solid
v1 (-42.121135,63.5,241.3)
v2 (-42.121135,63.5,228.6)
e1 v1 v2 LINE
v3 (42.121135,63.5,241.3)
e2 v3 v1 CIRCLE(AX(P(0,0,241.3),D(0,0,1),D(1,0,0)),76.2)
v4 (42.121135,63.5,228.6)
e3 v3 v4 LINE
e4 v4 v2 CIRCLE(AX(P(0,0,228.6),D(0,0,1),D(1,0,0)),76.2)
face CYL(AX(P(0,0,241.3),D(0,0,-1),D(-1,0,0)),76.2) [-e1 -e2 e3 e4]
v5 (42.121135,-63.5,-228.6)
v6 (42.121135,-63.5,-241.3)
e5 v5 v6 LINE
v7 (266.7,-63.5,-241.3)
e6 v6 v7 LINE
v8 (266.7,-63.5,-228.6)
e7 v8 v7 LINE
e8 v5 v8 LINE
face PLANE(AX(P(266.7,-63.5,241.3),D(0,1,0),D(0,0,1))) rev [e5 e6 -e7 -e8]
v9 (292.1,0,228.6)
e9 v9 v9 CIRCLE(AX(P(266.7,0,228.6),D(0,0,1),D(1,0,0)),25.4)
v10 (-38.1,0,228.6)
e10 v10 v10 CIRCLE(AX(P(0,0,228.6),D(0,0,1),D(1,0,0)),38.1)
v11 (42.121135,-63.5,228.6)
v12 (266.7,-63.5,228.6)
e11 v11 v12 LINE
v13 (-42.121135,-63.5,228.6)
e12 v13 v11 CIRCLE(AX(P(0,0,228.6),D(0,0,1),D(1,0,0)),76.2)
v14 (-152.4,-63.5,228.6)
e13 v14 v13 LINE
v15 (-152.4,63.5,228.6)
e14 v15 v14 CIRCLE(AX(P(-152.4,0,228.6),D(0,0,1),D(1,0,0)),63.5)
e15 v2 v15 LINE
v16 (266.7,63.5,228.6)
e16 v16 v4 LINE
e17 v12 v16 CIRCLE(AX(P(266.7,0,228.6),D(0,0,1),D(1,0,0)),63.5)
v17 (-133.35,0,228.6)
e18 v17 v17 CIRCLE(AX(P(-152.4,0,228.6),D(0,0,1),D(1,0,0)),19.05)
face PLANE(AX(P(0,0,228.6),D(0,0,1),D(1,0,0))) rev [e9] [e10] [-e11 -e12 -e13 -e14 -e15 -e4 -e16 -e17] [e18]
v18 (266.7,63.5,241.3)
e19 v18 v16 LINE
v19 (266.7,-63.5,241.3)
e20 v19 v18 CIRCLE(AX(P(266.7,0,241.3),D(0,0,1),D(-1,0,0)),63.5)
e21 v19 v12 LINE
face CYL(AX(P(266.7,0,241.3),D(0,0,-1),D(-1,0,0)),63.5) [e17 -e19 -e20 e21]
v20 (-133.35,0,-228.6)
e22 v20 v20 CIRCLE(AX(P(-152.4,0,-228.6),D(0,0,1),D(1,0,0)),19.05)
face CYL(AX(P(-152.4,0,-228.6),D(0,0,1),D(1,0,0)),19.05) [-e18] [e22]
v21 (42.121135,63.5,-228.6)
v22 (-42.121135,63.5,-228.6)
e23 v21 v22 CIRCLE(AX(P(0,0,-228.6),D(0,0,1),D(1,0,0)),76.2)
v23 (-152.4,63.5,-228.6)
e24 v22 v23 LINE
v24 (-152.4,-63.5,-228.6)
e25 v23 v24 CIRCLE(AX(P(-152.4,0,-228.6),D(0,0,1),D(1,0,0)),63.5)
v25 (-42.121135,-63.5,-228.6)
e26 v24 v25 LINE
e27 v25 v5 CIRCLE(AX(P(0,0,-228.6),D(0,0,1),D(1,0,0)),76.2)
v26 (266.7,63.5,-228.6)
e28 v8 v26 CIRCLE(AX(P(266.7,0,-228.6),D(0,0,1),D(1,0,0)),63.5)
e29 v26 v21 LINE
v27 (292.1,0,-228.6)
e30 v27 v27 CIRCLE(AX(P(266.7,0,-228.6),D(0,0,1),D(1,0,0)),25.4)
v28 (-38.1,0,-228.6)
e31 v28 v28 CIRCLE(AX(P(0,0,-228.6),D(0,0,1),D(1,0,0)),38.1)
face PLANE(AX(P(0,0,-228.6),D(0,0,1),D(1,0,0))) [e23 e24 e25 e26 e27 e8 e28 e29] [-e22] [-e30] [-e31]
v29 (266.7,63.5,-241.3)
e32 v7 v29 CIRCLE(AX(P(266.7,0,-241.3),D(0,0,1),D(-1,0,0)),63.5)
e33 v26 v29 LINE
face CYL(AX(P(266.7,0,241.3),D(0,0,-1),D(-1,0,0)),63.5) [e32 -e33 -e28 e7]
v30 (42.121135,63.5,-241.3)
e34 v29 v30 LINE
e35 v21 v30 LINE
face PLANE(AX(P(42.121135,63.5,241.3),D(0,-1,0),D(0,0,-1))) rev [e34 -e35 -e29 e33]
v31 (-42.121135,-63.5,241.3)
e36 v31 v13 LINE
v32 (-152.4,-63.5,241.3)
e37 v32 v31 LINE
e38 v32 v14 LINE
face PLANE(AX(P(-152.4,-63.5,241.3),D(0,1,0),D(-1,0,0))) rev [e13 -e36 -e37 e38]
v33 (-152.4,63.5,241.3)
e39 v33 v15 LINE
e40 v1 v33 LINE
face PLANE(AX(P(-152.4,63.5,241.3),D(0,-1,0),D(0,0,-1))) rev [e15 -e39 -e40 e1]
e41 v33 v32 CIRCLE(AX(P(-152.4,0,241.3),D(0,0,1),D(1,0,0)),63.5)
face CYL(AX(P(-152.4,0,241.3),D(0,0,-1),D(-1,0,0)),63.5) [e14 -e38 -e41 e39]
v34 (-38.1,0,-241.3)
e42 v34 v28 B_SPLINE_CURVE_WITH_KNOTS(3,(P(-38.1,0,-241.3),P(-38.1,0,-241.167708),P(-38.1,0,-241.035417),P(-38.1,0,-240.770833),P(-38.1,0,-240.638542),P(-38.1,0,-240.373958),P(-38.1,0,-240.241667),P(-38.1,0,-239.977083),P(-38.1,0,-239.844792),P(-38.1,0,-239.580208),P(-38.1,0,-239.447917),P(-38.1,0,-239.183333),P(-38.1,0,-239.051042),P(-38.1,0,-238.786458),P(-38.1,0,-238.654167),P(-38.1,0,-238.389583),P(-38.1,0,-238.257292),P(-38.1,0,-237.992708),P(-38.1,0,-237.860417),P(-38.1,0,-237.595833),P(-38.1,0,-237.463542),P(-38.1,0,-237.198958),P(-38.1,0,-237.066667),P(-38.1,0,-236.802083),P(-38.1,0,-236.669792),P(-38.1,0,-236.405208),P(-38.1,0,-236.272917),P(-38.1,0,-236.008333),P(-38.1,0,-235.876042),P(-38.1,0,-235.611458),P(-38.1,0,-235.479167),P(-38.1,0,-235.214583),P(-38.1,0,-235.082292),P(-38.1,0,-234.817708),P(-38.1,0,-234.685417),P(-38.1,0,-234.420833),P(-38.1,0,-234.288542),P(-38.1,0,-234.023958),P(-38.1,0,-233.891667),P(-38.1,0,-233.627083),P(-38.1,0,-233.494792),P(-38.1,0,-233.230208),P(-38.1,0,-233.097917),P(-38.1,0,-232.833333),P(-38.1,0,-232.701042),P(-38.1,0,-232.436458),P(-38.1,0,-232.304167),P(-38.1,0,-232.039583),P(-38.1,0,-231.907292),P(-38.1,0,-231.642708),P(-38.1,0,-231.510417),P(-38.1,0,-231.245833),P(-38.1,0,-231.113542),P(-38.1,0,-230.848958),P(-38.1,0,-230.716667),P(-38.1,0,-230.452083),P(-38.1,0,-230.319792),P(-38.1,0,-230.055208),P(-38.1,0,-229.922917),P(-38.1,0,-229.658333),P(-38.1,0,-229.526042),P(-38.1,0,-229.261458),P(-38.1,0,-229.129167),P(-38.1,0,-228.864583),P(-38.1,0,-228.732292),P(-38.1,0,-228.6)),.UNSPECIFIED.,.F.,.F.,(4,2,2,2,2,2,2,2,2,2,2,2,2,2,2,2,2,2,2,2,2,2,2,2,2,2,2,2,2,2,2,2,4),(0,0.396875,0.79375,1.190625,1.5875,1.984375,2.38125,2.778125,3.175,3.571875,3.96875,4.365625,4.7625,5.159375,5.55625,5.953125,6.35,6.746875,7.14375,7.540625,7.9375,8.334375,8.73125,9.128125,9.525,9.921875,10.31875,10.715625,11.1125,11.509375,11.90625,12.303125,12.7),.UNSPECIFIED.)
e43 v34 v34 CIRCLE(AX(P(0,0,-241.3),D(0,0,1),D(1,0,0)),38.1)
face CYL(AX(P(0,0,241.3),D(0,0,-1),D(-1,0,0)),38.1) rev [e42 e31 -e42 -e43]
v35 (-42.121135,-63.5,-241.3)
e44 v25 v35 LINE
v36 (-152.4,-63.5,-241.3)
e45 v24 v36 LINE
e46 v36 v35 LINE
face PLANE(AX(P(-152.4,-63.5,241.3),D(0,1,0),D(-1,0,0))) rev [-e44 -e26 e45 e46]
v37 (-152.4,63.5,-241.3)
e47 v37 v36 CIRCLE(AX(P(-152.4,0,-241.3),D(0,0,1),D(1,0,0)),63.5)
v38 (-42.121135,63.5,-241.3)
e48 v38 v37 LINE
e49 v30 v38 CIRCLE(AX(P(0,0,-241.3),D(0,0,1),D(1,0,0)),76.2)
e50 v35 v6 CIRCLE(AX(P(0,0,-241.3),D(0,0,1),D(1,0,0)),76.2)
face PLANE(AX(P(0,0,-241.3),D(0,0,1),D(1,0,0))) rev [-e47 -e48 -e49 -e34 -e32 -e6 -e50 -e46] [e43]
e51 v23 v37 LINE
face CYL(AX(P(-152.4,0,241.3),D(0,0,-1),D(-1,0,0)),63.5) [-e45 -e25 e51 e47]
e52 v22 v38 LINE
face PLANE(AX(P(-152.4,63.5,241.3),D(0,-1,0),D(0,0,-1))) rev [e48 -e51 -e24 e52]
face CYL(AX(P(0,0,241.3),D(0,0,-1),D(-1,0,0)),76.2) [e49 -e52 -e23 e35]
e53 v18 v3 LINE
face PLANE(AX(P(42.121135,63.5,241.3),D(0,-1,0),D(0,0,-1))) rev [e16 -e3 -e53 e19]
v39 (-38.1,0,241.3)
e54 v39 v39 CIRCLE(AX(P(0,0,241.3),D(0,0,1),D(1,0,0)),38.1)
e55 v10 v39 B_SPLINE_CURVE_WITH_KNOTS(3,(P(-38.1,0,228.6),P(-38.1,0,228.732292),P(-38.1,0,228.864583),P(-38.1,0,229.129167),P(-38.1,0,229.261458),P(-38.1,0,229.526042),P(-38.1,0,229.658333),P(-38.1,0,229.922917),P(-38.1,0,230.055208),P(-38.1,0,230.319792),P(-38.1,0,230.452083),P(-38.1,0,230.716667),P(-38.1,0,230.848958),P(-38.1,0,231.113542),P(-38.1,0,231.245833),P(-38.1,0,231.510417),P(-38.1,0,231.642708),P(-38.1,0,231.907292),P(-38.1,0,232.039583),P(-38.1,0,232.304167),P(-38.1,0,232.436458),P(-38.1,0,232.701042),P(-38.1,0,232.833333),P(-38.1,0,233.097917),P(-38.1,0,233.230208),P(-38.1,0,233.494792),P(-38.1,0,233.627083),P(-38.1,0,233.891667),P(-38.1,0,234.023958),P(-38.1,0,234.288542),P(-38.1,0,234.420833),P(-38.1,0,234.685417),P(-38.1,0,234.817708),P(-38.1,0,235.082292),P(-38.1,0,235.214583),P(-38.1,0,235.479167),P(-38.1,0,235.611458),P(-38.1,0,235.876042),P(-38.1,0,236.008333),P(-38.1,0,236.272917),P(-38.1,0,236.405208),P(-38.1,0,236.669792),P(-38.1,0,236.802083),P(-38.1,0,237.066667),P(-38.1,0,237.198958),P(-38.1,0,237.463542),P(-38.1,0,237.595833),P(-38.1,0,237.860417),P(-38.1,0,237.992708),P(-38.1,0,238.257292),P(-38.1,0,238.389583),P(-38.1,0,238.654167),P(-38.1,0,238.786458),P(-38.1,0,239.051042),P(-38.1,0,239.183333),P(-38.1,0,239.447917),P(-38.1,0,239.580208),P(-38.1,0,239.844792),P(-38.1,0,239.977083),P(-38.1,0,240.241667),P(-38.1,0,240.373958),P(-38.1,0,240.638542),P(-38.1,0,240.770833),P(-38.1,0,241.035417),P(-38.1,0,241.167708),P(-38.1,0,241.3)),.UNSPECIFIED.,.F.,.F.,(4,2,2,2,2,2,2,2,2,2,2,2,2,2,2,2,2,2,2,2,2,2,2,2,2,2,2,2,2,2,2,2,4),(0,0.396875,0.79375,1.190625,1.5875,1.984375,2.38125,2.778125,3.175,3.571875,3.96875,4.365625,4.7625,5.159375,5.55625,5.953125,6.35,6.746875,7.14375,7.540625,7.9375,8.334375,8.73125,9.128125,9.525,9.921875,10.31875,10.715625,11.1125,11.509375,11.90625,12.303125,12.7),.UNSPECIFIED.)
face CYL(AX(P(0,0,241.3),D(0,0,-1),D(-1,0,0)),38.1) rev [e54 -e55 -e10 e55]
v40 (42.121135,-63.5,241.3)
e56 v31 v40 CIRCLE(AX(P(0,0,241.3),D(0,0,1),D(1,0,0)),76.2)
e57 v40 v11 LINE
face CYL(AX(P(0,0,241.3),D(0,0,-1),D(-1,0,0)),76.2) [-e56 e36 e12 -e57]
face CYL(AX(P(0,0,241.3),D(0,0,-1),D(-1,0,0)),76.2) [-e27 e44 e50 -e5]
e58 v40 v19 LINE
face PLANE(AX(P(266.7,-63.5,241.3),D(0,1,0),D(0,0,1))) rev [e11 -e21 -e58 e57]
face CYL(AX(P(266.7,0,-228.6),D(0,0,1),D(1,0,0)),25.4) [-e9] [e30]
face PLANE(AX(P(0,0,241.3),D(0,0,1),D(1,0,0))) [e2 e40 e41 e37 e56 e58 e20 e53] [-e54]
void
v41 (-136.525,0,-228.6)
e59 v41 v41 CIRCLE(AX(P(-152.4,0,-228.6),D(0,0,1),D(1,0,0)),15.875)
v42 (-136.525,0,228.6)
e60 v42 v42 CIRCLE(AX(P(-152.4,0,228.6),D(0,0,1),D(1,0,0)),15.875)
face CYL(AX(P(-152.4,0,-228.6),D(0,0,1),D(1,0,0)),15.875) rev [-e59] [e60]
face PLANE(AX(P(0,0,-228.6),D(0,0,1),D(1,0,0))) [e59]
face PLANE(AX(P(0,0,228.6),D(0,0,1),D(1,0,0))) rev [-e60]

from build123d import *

# Parameters (mm, degrees)
SKETCH1_R           = 38.1
BOSS_EXTRUDE1_DEPTH = 241.3
SKETCH3_R           = 330.2
SKETCH3_R_2         = 19.05
SKETCH3_R_3         = 25.4
SKETCH3_R_4         = 15.875
CUT_EXTRUDE1_DEPTH  = 228.6


with BuildPart() as part:
    # Sketch1 → Boss-Extrude1 (new, symmetric)
    with BuildSketch(Plane.XY):
        with BuildLine():
            Line((-152.4, 63.5), (-42.121134838, 63.5))
            ThreePointArc((-42.121134838, 63.5), (0, 76.2), (42.121134838, 63.5))
            Line((42.121134838, 63.5), (266.7, 63.5))
            ThreePointArc((266.7, 63.5), (330.2, 0), (266.7, -63.5))
            Line((266.7, -63.5), (42.121134838, -63.5))
            ThreePointArc((42.121134838, -63.5), (0, -76.2), (-42.121134838, -63.5))
            Line((-42.121134838, -63.5), (-152.4, -63.5))
            ThreePointArc((-152.4, -63.5), (-215.9, 0), (-152.4, 63.5))
        make_face()
        Circle(SKETCH1_R, mode=Mode.SUBTRACT)
    extrude(amount=BOSS_EXTRUDE1_DEPTH, both=True)

    # Sketch3 → Cut-Extrude1 (cut, symmetric)
    # profile 1 of 2: a face of its own
    with BuildSketch(Plane.XY):
        Circle(SKETCH3_R)
        with Locations((-152.4, 0)):
            Circle(SKETCH3_R_2, mode=Mode.SUBTRACT)
        with Locations((266.7, 0)):
            Circle(SKETCH3_R_3, mode=Mode.SUBTRACT)
    # profile 2 of 2: a face of its own
    with BuildSketch(Plane.XY):
        with Locations((-152.4, 0)):
            Circle(SKETCH3_R_4)
    extrude(amount=CUT_EXTRUDE1_DEPTH, both=True, mode=Mode.SUBTRACT)


solid = part.part
